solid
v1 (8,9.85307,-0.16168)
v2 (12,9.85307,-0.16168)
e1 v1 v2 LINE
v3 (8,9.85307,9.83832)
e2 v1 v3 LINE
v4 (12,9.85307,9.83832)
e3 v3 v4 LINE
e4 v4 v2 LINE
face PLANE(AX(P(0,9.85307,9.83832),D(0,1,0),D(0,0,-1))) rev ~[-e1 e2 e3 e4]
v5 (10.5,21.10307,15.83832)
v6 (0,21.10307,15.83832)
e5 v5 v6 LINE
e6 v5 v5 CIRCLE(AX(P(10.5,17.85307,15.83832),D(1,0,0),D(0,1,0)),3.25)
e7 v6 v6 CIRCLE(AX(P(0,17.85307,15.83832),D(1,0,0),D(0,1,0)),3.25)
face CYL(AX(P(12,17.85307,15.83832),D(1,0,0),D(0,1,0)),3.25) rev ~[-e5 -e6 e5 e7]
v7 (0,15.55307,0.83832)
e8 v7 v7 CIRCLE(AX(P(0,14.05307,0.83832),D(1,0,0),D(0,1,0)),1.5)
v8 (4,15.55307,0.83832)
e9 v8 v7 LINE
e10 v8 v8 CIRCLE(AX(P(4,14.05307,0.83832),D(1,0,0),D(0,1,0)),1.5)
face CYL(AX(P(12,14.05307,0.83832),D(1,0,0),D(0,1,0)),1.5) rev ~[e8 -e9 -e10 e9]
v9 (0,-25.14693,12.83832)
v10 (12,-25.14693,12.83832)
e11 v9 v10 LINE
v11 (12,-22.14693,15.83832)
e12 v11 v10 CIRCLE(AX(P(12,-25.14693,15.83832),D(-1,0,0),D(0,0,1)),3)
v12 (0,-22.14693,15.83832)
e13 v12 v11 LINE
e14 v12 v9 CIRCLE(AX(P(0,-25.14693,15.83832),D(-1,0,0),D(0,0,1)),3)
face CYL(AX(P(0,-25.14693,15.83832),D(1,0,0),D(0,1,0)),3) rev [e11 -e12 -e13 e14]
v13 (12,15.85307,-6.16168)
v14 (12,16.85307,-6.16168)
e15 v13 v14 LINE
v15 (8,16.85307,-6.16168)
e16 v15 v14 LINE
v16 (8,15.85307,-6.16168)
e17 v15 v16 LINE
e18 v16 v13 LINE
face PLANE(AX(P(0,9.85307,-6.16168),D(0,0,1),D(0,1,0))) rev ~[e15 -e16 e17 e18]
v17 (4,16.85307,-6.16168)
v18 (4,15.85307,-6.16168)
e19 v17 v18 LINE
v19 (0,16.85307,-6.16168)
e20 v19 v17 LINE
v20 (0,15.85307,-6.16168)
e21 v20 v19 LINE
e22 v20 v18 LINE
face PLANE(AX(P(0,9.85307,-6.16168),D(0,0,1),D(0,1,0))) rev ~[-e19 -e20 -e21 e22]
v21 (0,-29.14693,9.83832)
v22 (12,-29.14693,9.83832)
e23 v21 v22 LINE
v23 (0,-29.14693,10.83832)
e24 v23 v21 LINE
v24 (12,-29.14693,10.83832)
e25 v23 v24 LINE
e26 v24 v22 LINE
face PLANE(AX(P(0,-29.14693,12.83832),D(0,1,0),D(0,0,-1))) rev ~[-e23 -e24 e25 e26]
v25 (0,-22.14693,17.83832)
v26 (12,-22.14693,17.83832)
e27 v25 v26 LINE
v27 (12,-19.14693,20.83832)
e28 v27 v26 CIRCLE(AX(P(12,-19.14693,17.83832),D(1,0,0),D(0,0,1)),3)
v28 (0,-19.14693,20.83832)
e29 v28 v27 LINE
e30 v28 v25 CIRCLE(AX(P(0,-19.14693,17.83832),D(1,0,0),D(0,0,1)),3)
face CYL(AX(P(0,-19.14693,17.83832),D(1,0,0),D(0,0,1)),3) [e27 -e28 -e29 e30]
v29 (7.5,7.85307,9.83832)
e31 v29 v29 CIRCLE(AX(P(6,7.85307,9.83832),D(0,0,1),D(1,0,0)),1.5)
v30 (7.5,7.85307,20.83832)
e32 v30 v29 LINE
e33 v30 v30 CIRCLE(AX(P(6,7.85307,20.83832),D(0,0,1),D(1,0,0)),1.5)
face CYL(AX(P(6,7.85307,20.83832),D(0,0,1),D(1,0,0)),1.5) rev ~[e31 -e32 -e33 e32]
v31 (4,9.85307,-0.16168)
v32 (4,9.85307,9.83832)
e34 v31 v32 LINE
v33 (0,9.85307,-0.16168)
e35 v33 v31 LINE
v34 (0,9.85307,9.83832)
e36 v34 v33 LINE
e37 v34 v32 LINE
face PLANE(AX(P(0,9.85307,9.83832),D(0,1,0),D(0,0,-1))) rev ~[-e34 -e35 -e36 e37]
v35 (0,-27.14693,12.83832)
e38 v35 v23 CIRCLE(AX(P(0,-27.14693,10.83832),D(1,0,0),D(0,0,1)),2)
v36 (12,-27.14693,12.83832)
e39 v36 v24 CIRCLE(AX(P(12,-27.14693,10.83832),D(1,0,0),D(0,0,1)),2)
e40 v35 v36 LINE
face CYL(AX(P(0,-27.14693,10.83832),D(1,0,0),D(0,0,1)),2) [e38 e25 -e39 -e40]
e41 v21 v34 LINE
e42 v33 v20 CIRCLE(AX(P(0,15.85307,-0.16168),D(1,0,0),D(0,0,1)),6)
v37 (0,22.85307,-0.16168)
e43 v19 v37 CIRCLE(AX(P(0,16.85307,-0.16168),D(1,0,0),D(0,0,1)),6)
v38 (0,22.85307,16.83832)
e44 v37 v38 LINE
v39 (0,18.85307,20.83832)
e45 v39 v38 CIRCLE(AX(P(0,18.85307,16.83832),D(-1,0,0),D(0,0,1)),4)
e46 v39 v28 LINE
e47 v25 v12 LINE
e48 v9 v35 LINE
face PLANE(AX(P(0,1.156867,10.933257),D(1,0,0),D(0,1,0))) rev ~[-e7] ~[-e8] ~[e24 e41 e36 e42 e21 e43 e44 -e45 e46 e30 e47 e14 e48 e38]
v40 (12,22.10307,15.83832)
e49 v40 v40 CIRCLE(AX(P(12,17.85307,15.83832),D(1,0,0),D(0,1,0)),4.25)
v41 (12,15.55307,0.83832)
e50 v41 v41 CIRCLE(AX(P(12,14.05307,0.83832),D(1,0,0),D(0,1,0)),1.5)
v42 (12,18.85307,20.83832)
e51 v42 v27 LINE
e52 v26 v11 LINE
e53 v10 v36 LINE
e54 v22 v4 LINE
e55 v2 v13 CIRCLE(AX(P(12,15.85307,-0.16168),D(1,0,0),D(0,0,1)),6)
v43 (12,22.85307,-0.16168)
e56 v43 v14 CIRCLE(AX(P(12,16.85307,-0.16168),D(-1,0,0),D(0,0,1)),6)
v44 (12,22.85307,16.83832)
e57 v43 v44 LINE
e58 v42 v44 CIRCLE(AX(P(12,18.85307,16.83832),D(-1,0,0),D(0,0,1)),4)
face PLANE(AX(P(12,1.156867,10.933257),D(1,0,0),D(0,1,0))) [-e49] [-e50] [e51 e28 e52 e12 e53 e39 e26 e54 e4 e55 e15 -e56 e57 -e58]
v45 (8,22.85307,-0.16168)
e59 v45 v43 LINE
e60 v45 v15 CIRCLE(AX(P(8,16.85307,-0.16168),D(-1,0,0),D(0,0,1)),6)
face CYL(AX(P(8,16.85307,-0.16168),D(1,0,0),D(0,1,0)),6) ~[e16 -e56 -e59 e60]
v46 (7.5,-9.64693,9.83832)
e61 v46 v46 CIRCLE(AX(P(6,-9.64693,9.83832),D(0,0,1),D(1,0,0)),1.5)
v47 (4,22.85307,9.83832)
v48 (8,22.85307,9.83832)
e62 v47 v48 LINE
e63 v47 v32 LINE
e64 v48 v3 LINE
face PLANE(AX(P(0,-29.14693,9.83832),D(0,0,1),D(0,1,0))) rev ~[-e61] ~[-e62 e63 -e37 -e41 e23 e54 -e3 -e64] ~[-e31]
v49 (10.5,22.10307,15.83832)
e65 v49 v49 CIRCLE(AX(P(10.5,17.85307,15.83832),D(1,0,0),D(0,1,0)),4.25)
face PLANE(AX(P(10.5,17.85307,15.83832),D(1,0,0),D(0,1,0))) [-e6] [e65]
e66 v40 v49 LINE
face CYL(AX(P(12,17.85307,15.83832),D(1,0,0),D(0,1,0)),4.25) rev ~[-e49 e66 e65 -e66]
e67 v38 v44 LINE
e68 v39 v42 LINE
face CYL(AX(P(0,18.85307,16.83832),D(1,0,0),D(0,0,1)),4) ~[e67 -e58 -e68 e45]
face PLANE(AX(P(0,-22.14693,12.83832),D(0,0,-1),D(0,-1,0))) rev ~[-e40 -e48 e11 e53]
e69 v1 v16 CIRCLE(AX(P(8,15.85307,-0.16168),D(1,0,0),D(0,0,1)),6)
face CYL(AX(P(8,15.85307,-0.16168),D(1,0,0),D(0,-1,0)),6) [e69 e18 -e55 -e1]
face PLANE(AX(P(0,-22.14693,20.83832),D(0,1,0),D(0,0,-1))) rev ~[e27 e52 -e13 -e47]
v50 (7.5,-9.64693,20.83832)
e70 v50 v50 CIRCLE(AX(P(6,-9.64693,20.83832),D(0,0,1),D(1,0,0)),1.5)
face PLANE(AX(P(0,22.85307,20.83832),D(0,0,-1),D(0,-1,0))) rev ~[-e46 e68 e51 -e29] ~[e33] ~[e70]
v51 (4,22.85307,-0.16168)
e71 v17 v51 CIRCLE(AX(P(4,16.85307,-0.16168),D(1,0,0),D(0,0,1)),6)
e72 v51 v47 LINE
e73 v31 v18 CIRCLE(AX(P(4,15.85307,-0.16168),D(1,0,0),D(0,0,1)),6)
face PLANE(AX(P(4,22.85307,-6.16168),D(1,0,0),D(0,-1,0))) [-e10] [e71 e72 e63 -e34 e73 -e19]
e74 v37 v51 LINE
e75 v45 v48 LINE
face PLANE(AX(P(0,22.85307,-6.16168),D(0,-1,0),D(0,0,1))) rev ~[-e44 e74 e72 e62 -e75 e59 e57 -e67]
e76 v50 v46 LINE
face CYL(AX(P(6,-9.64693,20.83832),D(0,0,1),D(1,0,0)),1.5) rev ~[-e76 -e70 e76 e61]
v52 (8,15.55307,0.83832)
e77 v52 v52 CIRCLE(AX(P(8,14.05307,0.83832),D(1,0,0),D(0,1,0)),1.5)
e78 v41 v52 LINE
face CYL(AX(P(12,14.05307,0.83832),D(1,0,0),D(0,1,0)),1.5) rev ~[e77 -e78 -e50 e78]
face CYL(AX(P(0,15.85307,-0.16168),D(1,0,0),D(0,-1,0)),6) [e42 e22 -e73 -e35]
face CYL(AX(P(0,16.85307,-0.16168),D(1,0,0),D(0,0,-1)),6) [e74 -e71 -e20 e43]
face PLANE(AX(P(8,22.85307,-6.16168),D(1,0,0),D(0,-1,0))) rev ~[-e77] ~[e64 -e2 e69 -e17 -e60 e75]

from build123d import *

# Parameters (mm, degrees)
F1_DEPTH  = 12
F2_R      = 3.25
F3_DEPTH  = 12.001
F5_R      = 4.25
F6_DEPTH  = 1.5
F4_R      = 1.5
F7_DEPTH  = 27.001
F8_R      = 4
F9_R      = 3
F10_R     = 2
F11_R     = 1.5
F12_DEPTH = 12.001
F13_W     = 4
F13_H     = 13
F14_DEPTH = 16
F15_R     = 6


with BuildPart() as f1:
    # F0 (on Right) → F1 (new body)
    with BuildSketch(Plane.YZ):
        Polygon((22.85307, 20.83832), (-22.14693, 20.83832), (-22.14693, 12.83832), (-29.14693, 12.83832), (-29.14693, 9.83832), (9.85307, 9.83832), (9.85307, -6.16168), (22.85307, -6.16168), align=None)
    extrude(amount=F1_DEPTH)

    # F2 (on face) → F3 (cut, through all)
    with BuildSketch(Plane.YZ.offset(12)):
        with Locations((17.85307, 15.83832)):
            Circle(F2_R)
    extrude(amount=-F3_DEPTH, mode=Mode.SUBTRACT)

    # F5 (on face) → F6 (cut)
    with BuildSketch(Plane.YZ.offset(12)):
        with Locations((17.85307, 15.83832)):
            Circle(F5_R)
    extrude(amount=-F6_DEPTH, mode=Mode.SUBTRACT)

    # F4 (on face) → F7 (cut, through all)
    with BuildSketch(Plane.XY.offset(20.83832)):
        with Locations((6, 7.85307)):
            Circle(F4_R)
        with Locations((6, -9.64693)):
            Circle(F4_R)
    extrude(amount=-F7_DEPTH, mode=Mode.SUBTRACT)

    # F8
    f8_edges = [f1.edges().sort_by_distance(p)[0] for p in [
        (6, 22.85307, 20.83832),
    ]]
    fillet(f8_edges, radius=F8_R)

    # F9
    f9_edges = [f1.edges().sort_by_distance(p)[0] for p in [
        (6, -22.14693, 20.83832),
        (6, -22.14693, 12.83832),
    ]]
    fillet(f9_edges, radius=F9_R)

    # F10
    f10_edges = [f1.edges().sort_by_distance(p)[0] for p in [
        (6, -29.14693, 12.83832),
    ]]
    fillet(f10_edges, radius=F10_R)

    # F11 (on face) → F12 (cut, through all)
    with BuildSketch(Plane.YZ.offset(12)):
        with Locations((14.05307, 0.83832)):
            Circle(F11_R)
    extrude(amount=-F12_DEPTH, mode=Mode.SUBTRACT)

    # F13 (on face) → F14 (cut)
    with BuildSketch(Plane(origin=(0, 0, -6.16168), x_dir=(1, 0, 0), z_dir=(0, 0, -1))):
        with Locations((6, -16.35307)):
            Rectangle(F13_W, F13_H)
    extrude(amount=-F14_DEPTH, mode=Mode.SUBTRACT)

    # F15
    f15_edges = [f1.edges().sort_by_distance(p)[0] for p in [
        (2, 9.85307, -6.16168),
        (10, 9.85307, -6.16168),
        (2, 22.85307, -6.16168),
        (10, 22.85307, -6.16168),
    ]]
    fillet(f15_edges, radius=F15_R)


solid = f1.part
